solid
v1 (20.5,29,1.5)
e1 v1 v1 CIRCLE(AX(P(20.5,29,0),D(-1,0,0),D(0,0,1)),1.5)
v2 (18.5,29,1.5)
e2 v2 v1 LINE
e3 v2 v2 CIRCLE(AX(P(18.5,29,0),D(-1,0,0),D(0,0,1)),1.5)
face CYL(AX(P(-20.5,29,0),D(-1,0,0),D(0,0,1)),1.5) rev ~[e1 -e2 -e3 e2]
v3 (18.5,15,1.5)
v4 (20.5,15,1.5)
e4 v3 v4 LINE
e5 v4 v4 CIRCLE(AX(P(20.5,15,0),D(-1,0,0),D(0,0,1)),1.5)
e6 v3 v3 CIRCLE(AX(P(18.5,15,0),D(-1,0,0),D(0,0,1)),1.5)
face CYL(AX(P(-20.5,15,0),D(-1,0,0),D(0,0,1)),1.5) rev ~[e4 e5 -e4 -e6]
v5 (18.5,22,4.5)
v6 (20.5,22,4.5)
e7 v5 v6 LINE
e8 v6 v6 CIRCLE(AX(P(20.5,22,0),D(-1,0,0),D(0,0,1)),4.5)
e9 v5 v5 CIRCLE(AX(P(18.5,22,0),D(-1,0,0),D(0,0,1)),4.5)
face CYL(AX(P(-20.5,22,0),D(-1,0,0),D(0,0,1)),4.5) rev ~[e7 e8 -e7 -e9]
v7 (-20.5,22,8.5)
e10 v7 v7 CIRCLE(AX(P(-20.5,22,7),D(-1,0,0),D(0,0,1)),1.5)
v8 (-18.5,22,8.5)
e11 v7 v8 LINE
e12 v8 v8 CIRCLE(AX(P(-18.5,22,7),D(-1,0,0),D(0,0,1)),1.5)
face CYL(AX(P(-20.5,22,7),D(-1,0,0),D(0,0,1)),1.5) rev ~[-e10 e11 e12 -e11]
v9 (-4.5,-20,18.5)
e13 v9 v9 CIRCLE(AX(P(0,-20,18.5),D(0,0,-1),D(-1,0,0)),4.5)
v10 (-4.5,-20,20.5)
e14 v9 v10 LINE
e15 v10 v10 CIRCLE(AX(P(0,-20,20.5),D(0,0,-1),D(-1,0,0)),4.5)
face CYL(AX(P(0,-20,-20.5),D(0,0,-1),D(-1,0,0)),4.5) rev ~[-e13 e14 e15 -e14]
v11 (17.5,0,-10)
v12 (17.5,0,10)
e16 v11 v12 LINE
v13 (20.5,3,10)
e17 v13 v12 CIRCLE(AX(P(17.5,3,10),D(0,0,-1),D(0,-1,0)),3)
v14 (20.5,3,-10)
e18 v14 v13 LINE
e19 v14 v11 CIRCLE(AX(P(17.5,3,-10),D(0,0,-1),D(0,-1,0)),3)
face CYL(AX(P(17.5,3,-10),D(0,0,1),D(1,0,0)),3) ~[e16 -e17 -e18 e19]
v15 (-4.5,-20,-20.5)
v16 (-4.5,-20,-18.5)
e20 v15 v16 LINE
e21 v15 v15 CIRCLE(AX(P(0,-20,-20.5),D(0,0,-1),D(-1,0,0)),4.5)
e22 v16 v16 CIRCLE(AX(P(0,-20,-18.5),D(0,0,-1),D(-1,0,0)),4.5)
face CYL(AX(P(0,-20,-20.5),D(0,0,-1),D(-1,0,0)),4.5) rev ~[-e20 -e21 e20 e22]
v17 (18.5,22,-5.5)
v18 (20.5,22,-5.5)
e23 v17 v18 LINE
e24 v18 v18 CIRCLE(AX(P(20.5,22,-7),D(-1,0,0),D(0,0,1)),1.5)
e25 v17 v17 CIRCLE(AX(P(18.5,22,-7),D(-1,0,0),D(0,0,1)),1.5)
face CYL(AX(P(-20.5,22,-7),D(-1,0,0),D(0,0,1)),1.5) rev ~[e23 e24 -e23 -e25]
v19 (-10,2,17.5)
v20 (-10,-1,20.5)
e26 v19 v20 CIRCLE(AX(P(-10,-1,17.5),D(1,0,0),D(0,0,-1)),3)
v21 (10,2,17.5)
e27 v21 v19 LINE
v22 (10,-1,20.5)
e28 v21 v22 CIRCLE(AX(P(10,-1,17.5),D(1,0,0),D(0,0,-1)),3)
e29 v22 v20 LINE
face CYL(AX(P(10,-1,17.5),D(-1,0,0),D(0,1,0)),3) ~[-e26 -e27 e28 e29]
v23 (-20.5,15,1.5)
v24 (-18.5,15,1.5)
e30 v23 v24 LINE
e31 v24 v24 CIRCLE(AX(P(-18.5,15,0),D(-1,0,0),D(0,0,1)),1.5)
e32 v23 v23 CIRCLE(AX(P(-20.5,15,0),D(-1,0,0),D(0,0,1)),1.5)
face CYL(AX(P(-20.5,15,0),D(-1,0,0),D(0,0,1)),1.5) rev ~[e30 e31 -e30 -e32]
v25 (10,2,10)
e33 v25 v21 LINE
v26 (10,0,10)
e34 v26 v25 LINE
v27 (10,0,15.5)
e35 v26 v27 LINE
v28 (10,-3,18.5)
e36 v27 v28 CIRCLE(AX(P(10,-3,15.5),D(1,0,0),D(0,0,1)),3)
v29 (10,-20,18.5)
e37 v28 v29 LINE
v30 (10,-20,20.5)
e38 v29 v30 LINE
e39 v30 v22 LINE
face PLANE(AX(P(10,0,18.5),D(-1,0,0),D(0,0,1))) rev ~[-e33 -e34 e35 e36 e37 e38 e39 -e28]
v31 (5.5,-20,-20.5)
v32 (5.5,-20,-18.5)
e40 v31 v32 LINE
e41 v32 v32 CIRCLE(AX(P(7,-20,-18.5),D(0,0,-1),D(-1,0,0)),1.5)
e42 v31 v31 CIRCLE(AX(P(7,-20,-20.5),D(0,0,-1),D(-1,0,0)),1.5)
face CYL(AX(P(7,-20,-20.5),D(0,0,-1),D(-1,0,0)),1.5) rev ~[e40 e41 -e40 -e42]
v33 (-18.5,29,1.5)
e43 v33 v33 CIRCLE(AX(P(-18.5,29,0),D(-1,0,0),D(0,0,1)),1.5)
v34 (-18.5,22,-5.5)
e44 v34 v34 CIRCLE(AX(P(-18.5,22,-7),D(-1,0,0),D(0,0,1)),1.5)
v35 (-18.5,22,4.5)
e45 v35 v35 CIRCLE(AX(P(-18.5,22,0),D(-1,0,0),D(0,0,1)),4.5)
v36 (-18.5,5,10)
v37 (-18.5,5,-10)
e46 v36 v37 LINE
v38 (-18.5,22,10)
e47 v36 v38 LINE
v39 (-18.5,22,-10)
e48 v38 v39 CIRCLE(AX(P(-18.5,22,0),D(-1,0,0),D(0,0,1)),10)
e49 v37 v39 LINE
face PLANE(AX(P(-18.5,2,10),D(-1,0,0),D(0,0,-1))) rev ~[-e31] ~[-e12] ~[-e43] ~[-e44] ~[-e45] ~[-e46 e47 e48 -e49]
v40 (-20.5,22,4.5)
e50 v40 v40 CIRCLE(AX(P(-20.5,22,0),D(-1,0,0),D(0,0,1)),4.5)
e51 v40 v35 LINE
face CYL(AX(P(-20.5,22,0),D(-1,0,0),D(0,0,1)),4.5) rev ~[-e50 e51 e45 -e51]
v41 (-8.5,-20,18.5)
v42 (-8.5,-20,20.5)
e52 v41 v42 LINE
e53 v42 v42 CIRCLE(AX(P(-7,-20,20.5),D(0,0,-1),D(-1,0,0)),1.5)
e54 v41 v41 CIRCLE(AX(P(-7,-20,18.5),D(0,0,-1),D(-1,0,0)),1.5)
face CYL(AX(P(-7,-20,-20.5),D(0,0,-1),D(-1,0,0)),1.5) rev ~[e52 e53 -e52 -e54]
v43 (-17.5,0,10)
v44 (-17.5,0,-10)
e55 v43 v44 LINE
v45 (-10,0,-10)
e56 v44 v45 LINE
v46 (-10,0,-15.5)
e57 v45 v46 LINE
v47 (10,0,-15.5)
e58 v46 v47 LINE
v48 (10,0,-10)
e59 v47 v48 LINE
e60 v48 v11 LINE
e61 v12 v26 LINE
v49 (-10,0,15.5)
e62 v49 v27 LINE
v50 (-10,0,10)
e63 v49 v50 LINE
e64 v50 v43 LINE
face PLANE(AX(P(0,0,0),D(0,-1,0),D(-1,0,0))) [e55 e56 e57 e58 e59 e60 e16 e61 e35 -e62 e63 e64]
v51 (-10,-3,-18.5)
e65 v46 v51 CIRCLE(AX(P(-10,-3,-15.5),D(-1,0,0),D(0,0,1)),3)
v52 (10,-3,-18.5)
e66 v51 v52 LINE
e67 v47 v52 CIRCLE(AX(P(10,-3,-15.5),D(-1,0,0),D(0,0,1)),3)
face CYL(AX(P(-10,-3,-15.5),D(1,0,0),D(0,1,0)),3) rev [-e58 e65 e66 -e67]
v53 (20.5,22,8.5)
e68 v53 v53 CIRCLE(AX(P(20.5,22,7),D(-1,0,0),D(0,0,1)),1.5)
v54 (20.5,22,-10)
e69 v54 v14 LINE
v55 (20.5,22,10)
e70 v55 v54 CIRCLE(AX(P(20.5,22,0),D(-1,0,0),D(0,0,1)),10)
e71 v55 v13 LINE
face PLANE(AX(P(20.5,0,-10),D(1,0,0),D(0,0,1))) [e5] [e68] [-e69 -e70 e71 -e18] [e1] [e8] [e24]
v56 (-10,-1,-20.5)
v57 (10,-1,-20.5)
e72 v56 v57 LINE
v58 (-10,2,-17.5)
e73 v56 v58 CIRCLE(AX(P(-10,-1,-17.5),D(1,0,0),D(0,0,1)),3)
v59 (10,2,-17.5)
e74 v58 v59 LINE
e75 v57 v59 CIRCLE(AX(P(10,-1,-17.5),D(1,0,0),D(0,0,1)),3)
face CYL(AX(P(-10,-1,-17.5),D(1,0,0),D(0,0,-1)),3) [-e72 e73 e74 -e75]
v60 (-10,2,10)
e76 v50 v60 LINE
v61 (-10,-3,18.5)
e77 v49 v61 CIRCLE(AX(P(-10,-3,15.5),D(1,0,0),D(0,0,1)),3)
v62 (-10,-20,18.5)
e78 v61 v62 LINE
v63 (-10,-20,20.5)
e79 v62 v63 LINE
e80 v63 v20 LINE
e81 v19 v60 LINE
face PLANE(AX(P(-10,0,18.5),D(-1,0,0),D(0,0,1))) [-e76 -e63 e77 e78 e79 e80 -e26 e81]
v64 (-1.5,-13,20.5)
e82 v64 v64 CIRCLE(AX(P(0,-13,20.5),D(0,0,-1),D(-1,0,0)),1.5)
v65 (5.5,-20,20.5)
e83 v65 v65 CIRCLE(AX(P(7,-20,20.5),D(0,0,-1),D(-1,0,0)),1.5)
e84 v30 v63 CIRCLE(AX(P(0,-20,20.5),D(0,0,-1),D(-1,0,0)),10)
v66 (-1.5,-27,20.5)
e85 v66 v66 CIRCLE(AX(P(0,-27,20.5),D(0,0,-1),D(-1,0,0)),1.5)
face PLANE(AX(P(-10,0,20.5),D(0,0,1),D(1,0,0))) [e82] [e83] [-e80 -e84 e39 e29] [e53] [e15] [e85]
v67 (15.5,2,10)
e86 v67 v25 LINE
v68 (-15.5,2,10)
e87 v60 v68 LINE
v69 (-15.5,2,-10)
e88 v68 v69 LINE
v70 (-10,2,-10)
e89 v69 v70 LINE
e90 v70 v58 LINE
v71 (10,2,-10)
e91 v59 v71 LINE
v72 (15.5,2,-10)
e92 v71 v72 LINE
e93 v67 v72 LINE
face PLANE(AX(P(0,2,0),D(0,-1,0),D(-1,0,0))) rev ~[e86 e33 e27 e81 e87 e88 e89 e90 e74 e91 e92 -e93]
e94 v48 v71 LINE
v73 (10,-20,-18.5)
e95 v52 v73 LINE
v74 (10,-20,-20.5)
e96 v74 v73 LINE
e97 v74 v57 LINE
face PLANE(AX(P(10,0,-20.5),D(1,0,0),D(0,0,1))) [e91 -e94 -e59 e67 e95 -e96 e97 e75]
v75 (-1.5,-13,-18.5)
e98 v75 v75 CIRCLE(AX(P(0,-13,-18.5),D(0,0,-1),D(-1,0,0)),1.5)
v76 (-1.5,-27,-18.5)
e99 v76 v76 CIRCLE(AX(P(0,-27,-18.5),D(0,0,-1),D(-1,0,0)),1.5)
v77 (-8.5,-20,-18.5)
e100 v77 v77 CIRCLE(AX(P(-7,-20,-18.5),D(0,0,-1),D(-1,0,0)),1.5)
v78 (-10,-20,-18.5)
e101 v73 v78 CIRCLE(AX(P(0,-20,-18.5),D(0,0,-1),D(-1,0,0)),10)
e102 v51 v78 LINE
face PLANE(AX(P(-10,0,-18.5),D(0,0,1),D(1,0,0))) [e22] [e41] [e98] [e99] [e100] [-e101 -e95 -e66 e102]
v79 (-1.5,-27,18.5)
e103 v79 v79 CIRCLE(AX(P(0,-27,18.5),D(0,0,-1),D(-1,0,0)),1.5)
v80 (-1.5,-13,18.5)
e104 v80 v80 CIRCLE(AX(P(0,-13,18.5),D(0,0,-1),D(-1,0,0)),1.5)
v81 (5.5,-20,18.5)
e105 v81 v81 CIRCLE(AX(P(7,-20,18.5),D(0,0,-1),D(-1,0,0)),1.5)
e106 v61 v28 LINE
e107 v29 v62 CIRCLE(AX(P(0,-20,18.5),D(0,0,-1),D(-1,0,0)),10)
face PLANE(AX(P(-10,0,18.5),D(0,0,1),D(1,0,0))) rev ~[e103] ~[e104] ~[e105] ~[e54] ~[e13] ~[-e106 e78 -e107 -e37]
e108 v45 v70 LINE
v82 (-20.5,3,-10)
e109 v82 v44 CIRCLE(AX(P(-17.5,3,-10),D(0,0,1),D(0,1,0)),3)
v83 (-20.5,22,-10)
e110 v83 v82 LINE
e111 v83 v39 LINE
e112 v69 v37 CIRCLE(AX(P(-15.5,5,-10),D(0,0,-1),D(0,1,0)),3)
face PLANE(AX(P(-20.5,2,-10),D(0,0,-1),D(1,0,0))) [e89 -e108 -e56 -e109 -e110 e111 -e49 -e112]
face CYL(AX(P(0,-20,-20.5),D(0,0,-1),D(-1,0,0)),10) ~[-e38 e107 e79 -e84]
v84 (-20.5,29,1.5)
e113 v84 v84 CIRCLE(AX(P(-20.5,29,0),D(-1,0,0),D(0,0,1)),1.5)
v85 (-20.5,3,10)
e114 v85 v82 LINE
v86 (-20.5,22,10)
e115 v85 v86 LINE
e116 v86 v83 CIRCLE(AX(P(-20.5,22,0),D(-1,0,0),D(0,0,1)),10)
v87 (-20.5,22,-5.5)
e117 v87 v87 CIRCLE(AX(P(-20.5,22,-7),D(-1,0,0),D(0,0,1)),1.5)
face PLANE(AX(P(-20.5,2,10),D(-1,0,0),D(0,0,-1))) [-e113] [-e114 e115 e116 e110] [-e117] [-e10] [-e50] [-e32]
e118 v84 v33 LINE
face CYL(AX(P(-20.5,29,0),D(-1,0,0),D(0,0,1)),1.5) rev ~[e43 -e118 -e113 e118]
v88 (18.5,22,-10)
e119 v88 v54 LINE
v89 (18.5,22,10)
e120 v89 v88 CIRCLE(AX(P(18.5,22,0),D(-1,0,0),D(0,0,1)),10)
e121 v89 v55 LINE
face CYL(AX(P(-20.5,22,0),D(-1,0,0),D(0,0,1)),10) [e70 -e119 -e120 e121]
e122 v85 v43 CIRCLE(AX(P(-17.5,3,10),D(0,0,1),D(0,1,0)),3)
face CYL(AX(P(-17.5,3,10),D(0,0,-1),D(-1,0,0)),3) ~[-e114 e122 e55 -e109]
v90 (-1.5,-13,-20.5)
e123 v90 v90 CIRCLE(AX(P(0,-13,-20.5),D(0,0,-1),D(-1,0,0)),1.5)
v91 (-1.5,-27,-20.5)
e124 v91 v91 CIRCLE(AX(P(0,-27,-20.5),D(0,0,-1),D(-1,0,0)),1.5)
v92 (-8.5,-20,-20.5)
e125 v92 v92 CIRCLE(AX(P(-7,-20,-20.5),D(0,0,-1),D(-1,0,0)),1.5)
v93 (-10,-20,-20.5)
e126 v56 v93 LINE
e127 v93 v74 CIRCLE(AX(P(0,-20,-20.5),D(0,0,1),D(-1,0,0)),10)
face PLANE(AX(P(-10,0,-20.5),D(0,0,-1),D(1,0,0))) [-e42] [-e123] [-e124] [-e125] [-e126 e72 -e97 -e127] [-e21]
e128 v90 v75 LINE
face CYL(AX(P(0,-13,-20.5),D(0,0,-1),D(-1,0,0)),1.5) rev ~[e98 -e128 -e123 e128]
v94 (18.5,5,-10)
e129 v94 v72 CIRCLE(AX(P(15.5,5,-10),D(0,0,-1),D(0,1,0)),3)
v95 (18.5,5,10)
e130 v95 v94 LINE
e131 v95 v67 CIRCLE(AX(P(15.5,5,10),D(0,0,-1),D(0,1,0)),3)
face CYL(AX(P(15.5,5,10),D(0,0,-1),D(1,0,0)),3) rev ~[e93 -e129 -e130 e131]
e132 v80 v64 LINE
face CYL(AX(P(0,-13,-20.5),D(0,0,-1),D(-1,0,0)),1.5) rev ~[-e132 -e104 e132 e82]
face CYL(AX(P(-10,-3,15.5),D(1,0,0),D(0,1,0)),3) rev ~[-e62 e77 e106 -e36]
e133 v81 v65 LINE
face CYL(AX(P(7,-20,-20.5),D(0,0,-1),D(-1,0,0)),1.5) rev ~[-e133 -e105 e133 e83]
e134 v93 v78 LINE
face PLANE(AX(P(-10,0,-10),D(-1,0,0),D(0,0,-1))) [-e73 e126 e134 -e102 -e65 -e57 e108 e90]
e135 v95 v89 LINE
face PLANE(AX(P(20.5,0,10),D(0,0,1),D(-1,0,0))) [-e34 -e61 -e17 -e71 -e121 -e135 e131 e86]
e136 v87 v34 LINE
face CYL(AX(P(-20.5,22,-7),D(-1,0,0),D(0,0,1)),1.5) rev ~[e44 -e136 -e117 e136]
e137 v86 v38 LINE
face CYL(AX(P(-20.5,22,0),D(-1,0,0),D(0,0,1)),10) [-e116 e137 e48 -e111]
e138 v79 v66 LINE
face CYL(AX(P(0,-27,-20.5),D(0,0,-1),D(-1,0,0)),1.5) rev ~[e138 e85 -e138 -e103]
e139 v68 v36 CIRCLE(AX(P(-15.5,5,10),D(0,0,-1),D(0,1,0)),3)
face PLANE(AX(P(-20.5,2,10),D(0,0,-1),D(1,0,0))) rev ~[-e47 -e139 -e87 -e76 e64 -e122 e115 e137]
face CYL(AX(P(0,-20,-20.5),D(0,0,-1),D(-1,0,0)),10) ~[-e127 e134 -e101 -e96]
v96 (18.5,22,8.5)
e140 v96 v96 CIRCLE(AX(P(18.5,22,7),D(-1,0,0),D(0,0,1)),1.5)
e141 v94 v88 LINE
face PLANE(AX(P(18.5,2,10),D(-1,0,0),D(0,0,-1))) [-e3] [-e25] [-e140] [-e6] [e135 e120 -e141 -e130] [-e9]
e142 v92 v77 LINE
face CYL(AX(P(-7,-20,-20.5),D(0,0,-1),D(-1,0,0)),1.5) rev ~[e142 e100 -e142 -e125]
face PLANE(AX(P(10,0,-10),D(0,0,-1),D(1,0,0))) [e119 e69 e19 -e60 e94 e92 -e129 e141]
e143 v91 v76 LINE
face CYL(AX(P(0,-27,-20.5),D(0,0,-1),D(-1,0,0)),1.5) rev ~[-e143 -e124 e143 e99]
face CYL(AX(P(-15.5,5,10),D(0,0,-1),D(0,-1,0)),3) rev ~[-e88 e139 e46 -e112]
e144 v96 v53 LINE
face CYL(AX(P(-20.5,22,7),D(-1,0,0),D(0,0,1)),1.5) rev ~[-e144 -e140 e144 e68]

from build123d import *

# Parameters (mm, degrees)
EXTRUDE_1_DEPTH     = 2
SKETCH_2_W          = 2
SKETCH_2_H          = 20
EXTRUDE_2_DEPTH     = 40
FILLET_1_R          = 3
SKETCH_4_W          = 20
SKETCH_4_H          = 2
EXTRUDE_3_DEPTH     = 40
FILLET_2_R          = 3
SKETCH_5_R          = 4.5
SKETCH_5_R_2        = 1.5
CUT_EXTRUDE_1_DEPTH = 63.171134781
SKETCH_6_R          = 4.5
SKETCH_6_R_2        = 1.5
CUT_EXTRUDE_2_DEPTH = 63.171134781


with BuildPart() as part:
    # 草图1 → 凸台-拉伸1 (new body)
    with BuildSketch(Plane(origin=(0, 0, 0), x_dir=(1, 0, 0), z_dir=(0, 1, 0))):
        Polygon((10, -10), (10, -20.5), (-10, -20.5), (-10, -10), (-20.5, -10), (-20.5, 10), (-10, 10), (-10, 20.5), (10, 20.5), (10, 10), (20.5, 10), (20.5, -10), align=None)
    extrude(amount=EXTRUDE_1_DEPTH)

    # 草图2 → 凸台-拉伸2 (add)
    with BuildSketch(Plane(origin=(0, 2, 0), x_dir=(1, 0, 0), z_dir=(0, 1, 0))):
        with Locations((-19.5, 0)):
            Rectangle(SKETCH_2_W, SKETCH_2_H)
        with Locations((19.5, 0)):
            Rectangle(SKETCH_2_W, SKETCH_2_H)
    extrude(amount=EXTRUDE_2_DEPTH)

    # 圆角1
    fillet_1_edges = [part.edges().sort_by_distance(p)[0] for p in [
        (-20.5, 0, 0),
        (20.5, 0, 0),
        (-18.5, 2, 0),
        (18.5, 2, 0),
    ]]
    fillet(fillet_1_edges, radius=FILLET_1_R)

    # 草图4 → 凸台-拉伸3 (add)
    with BuildSketch(Plane.XZ):
        with Locations((0, 19.5)):
            Rectangle(SKETCH_4_W, SKETCH_4_H)
        with Locations((0, -19.5)):
            Rectangle(SKETCH_4_W, SKETCH_4_H)
    extrude(amount=EXTRUDE_3_DEPTH)

    # 圆角2
    fillet_2_edges = [part.edges().sort_by_distance(p)[0] for p in [
        (0, 2, -20.5),
        (0, 2, 20.5),
        (0, 0, 18.5),
        (0, 0, -18.5),
    ]]
    fillet(fillet_2_edges, radius=FILLET_2_R)

    # 草图5 → 切除-拉伸1 (cut, through all)
    with BuildSketch(Plane(origin=(0, 0, -20.5), x_dir=(-1, 0, 0), z_dir=(0, 0, -1))):
        with Locations((0, -20)):
            Circle(SKETCH_5_R)
        with Locations((0, -13)):
            Circle(SKETCH_5_R_2)
        with Locations((7, -20)):
            Circle(SKETCH_5_R_2)
        with Locations((0, -27)):
            Circle(SKETCH_5_R_2)
        with Locations((-7, -20)):
            Circle(SKETCH_5_R_2)
        with BuildLine():
            Line((-10, -20), (-10, -40))
            Line((-10, -40), (10, -40))
            Line((10, -40), (10, -20))
            ThreePointArc((10, -20), (0, -30), (-10, -20))
        make_face()
    extrude(amount=-CUT_EXTRUDE_1_DEPTH, mode=Mode.SUBTRACT)

    # 草图6 → 切除-拉伸2 (cut, through all)
    with BuildSketch(Plane.ZY.offset(20.5)):
        with Locations((0, 22)):
            Circle(SKETCH_6_R)
        with Locations((0, 15)):
            Circle(SKETCH_6_R_2)
        with Locations((-7, 22)):
            Circle(SKETCH_6_R_2)
        with Locations((0, 29)):
            Circle(SKETCH_6_R_2)
        with Locations((7, 22)):
            Circle(SKETCH_6_R_2)
        with BuildLine():
            Line((-10, 22), (-10, 42))
            Line((-10, 42), (10, 42))
            Line((10, 42), (10, 22))
            ThreePointArc((10, 22), (0, 32), (-10, 22))
        make_face()
    extrude(amount=-CUT_EXTRUDE_2_DEPTH, mode=Mode.SUBTRACT)


solid = part.part
